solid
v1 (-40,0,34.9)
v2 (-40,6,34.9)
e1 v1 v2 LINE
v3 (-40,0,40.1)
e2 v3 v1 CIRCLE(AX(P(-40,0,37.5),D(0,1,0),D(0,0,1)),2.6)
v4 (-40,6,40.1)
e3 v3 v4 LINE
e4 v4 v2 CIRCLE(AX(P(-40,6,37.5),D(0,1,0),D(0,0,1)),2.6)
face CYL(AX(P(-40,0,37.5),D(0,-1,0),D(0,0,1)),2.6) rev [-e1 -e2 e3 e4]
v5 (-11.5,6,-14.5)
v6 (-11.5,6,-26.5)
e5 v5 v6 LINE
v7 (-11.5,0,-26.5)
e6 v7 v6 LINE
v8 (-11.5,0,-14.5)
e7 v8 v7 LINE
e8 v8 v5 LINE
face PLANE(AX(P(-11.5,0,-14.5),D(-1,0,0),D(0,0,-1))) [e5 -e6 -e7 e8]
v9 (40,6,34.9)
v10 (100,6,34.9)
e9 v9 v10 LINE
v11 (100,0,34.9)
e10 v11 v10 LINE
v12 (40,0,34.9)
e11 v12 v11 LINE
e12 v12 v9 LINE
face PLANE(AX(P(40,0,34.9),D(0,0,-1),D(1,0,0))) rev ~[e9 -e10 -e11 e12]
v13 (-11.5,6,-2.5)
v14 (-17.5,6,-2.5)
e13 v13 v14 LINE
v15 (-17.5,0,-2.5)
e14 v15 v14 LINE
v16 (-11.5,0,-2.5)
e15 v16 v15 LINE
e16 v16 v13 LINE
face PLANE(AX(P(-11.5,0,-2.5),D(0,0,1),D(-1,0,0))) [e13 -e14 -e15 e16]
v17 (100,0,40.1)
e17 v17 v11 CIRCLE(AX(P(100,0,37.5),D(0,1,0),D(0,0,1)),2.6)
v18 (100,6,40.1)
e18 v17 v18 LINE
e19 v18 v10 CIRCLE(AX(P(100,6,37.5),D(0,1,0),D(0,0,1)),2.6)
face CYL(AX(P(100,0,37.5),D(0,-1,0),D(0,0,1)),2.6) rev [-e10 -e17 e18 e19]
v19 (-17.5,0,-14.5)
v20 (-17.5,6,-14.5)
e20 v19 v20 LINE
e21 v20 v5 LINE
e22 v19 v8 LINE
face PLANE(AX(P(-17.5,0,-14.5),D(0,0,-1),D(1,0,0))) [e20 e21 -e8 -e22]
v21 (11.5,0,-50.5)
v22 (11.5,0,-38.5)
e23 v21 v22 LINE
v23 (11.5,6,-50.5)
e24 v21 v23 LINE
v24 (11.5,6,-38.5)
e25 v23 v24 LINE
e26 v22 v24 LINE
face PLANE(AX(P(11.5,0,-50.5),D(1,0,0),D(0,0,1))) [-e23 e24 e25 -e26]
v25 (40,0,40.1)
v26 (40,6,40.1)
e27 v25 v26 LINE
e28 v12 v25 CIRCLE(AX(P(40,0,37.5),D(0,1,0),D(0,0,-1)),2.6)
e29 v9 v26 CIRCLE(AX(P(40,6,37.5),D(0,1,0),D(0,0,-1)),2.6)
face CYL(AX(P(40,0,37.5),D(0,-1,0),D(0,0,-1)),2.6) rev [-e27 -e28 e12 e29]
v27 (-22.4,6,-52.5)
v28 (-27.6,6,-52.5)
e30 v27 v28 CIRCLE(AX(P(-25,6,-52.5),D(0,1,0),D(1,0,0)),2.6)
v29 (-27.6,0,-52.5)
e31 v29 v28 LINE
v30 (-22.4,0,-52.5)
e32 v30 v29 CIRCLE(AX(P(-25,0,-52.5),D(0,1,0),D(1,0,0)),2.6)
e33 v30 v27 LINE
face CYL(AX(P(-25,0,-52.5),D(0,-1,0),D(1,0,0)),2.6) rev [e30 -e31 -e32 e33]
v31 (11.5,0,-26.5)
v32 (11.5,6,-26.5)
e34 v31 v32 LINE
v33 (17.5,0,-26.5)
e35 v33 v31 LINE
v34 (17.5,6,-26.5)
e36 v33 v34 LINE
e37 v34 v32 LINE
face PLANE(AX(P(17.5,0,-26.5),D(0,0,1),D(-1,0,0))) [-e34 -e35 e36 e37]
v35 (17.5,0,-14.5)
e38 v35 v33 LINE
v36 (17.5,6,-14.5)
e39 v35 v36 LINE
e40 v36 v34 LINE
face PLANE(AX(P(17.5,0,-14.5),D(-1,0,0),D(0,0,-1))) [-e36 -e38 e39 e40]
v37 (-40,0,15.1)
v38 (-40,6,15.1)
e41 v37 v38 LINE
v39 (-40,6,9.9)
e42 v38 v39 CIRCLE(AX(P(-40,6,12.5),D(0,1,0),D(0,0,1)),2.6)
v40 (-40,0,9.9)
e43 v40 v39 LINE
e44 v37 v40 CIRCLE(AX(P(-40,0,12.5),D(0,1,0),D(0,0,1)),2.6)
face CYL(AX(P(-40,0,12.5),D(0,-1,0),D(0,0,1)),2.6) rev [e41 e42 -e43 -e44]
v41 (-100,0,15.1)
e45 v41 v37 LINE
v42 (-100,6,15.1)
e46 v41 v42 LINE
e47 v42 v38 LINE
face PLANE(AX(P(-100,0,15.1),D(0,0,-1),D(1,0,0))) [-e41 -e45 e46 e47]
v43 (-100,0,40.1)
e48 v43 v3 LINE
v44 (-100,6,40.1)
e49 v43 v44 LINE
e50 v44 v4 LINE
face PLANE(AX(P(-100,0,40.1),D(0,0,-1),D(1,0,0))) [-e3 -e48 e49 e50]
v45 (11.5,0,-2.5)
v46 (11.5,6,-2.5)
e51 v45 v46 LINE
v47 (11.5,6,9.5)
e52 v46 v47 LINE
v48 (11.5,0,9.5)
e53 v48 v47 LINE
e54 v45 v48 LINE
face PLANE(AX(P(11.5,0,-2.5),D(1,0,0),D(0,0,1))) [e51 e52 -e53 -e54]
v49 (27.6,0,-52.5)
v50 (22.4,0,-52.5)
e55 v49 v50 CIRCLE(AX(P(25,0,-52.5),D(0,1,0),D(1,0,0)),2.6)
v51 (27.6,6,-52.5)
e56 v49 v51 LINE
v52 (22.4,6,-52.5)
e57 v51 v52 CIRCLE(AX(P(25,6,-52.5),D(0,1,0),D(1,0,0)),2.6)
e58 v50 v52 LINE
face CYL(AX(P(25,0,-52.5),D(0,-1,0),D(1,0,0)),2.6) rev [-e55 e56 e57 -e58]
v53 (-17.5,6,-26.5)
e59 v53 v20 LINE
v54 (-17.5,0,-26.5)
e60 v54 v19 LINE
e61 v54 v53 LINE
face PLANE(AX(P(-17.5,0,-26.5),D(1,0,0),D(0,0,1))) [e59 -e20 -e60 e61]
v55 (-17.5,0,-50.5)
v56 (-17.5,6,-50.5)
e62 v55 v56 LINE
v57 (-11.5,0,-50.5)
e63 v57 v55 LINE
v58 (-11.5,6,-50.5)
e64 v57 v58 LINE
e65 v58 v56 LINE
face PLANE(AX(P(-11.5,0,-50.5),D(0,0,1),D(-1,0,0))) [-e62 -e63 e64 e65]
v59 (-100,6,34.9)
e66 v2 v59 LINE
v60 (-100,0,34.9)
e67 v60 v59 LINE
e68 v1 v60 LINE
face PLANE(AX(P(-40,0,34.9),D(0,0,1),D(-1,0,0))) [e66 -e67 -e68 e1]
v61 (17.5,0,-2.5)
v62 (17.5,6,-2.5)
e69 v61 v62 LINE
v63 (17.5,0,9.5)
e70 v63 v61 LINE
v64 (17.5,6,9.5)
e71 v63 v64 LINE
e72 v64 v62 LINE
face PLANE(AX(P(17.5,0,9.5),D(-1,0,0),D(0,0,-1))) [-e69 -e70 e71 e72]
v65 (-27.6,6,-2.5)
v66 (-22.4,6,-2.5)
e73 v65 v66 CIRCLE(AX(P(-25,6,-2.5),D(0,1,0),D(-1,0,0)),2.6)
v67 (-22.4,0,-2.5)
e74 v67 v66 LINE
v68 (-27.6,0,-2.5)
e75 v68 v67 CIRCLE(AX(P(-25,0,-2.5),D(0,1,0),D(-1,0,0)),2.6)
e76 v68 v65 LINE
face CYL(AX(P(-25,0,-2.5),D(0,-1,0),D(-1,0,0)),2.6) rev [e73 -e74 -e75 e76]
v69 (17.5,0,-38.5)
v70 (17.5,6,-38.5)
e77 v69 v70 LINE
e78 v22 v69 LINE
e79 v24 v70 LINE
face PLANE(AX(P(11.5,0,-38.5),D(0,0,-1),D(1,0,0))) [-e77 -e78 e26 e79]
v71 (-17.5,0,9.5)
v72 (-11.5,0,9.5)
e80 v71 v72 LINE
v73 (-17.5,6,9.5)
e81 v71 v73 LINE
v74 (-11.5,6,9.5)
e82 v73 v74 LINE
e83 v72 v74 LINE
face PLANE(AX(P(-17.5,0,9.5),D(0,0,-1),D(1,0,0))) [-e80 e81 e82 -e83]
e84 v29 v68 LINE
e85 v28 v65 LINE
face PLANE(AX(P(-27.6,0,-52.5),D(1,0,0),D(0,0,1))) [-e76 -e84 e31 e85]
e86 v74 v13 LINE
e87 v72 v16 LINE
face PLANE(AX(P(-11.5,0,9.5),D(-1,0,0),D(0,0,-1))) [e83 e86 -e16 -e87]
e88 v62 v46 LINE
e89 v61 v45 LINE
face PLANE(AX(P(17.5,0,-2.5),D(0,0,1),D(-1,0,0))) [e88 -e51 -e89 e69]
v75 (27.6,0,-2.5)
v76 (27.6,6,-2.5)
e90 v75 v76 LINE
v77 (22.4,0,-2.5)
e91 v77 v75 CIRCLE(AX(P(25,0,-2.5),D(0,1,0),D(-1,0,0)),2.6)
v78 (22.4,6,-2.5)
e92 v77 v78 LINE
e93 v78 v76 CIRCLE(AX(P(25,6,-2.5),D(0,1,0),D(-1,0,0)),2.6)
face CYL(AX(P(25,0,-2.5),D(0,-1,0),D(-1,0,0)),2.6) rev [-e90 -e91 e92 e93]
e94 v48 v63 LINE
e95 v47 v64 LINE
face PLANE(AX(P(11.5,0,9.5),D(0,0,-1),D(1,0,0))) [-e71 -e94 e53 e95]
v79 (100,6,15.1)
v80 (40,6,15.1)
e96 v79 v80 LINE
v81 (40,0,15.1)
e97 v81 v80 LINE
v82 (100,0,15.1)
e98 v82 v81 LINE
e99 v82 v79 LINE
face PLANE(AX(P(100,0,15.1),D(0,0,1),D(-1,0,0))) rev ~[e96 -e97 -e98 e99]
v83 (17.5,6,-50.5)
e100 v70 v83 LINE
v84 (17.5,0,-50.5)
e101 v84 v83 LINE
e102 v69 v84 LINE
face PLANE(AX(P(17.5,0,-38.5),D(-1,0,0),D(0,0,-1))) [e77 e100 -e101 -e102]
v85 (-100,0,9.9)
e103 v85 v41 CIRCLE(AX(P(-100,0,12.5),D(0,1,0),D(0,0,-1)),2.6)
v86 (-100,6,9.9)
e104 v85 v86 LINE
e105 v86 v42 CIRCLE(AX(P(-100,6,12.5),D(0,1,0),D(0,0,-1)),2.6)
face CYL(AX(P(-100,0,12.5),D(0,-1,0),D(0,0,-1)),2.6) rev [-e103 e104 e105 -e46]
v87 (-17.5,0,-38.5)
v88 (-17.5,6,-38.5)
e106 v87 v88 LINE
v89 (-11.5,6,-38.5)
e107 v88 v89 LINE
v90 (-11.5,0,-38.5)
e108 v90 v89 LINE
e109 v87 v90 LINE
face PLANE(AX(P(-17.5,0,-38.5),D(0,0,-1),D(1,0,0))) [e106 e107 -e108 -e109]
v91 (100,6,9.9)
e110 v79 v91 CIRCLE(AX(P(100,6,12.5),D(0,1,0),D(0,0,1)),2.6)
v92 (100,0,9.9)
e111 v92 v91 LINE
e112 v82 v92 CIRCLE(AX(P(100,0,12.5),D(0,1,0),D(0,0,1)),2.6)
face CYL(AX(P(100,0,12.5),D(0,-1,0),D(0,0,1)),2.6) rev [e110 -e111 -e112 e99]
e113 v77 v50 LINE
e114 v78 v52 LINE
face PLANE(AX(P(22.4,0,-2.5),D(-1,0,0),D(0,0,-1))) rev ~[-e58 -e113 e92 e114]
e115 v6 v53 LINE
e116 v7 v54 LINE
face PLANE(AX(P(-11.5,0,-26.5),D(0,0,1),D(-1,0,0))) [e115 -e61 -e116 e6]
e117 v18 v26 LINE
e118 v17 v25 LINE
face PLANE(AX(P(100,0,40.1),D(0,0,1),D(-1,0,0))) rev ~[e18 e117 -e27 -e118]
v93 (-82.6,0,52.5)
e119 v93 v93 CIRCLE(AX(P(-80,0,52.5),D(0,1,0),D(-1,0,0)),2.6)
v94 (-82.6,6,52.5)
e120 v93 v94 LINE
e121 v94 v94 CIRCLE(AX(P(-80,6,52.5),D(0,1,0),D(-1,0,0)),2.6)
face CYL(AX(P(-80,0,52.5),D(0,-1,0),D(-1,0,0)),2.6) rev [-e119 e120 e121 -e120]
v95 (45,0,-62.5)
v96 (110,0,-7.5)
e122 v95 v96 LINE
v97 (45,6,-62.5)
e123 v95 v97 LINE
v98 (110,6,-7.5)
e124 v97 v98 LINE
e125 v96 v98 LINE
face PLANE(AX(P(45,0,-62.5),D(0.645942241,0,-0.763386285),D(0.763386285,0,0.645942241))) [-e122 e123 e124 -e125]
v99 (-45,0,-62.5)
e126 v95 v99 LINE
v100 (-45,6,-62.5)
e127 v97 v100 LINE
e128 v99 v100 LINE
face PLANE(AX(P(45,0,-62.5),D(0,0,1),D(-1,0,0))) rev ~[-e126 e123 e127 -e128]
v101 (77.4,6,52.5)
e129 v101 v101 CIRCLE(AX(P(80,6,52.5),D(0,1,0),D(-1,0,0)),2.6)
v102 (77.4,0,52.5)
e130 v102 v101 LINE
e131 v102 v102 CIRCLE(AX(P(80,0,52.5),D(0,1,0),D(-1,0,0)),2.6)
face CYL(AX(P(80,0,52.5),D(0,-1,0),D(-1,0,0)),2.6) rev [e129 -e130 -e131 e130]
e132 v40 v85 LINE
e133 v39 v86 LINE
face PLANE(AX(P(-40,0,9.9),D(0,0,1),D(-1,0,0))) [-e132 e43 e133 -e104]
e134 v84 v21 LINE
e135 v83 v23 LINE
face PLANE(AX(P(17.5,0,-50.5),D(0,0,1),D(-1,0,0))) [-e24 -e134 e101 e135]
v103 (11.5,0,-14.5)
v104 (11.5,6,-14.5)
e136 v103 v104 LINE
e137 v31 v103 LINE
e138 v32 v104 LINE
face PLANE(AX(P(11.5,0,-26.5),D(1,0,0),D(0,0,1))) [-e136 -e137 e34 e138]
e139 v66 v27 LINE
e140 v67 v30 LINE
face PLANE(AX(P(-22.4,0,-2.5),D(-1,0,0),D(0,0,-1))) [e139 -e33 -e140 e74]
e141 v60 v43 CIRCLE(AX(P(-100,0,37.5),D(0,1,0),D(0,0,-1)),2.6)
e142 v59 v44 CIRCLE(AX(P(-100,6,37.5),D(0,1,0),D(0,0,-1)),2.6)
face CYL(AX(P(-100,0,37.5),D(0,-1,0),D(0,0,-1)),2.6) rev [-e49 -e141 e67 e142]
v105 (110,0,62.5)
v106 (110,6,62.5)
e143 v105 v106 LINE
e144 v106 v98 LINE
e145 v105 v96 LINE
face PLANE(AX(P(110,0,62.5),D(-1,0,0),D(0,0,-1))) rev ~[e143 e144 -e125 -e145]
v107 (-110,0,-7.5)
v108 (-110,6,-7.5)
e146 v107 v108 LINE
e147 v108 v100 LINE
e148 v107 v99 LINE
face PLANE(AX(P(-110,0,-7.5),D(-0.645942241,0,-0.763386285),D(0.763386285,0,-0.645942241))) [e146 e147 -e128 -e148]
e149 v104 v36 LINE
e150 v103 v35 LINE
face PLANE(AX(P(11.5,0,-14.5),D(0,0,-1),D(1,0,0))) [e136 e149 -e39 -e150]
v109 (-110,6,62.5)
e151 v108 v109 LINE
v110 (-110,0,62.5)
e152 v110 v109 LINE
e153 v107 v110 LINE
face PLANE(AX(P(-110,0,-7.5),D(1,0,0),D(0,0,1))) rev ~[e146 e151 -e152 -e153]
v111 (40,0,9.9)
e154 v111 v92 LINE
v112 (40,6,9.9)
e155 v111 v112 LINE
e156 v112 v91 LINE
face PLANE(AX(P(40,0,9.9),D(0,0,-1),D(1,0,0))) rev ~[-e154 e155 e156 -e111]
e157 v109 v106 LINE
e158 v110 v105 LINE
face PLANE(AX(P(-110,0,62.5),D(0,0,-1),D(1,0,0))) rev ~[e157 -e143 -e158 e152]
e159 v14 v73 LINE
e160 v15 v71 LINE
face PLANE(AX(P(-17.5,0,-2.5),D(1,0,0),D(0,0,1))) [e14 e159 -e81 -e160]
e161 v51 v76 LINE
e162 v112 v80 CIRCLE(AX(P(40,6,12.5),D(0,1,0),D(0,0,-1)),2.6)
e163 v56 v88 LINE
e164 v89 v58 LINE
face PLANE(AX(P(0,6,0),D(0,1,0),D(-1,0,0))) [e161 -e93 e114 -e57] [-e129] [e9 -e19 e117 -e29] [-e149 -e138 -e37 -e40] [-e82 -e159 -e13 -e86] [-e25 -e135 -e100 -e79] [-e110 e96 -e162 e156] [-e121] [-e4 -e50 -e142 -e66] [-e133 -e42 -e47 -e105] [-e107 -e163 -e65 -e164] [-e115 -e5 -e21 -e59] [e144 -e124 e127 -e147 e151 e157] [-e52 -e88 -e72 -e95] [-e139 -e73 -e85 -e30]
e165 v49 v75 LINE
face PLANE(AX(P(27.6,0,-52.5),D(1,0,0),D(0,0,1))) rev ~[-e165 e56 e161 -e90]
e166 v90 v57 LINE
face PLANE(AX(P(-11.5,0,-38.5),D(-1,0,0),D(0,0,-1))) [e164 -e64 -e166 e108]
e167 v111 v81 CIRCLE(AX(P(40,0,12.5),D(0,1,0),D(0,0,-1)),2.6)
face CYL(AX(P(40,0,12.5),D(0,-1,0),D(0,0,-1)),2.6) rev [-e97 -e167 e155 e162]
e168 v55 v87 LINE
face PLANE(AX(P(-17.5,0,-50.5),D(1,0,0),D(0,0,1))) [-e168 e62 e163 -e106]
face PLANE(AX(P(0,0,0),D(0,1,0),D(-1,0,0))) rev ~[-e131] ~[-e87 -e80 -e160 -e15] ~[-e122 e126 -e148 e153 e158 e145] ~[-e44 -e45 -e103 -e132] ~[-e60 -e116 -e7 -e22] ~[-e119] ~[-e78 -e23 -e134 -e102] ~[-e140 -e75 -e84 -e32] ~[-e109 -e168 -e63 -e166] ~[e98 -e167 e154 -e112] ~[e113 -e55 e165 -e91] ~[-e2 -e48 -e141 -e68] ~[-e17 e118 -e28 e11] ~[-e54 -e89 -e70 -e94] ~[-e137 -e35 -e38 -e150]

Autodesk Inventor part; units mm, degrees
ref_plane "YZ Plane" through (0, 0, 0) normal (1, 0, 0) x (0, 1, 0)
ref_plane "XZ Plane" through (0, 0, 0) normal (0, 1, 0) x (-1, 0, 0)
ref_plane "XY Plane" through (0, 0, 0) normal (0, 0, 1) x (1, 0, 0)
sketch "Sketch2" plane through (0, 0, 0) normal (0, 1, 0) x (-1, 0, 0)
  line L0 (110, 62.5) -> (-110, 62.5)
  line L1 (-110, 62.5) -> (-110, -62.5)
  line L2 (-110, -62.5) -> (110, -62.5)
  line L3 (110, -62.5) -> (110, 62.5)
  line L4 (110, 62.5) -> (-110, -62.5) construction
  line L5 (-110, 62.5) -> (110, -62.5) construction
  line L6 (11.5, -50.5) -> (17.5, -50.5)
  line L7 (17.5, -50.5) -> (17.5, -38.5)
  line L8 (17.5, -38.5) -> (11.5, -38.5)
  line L9 (11.5, -38.5) -> (11.5, -50.5)
  line L10 (11.5, -26.5) -> (17.5, -26.5)
  line L11 (17.5, -26.5) -> (17.5, -14.5)
  line L12 (17.5, -14.5) -> (11.5, -14.5)
  line L13 (11.5, -14.5) -> (11.5, -26.5)
  line L14 (11.5, -2.5) -> (17.5, -2.5)
  line L15 (17.5, -2.5) -> (17.5, 9.5)
  line L16 (17.5, 9.5) -> (11.5, 9.5)
  line L17 (11.5, 9.5) -> (11.5, -2.5)
  line L18 (-17.5, -50.5) -> (-11.5, -50.5)
  line L19 (-11.5, -50.5) -> (-11.5, -38.5)
  line L20 (-11.5, -38.5) -> (-17.5, -38.5)
  line L21 (-17.5, -38.5) -> (-17.5, -50.5)
  line L22 (-17.5, -26.5) -> (-11.5, -26.5)
  line L23 (-11.5, -26.5) -> (-11.5, -14.5)
  line L24 (-11.5, -14.5) -> (-17.5, -14.5)
  line L25 (-17.5, -14.5) -> (-17.5, -26.5)
  line L26 (-17.5, -2.5) -> (-11.5, -2.5)
  line L27 (-11.5, -2.5) -> (-11.5, 9.5)
  line L28 (-11.5, 9.5) -> (-17.5, 9.5)
  line L29 (-17.5, 9.5) -> (-17.5, -2.5)
  line L30 (0, 0) -> (0, -18.9718)
  line L31 (25, -2.5) -> (25, -52.5) construction
  line L32 (22.4, -2.5) -> (22.4, -52.5)
  line L33 (27.6, -52.5) -> (27.6, -2.5)
  arc A0 (27.6, -2.5) -> (22.4, -2.5) centre (25, -2.5) ccw
  arc A1 (22.4, -52.5) -> (27.6, -52.5) centre (25, -52.5) ccw
  line L34 (100, 12.5) -> (40, 12.5) construction
  line L35 (100, 15.1) -> (40, 15.1)
  line L36 (40, 9.9) -> (100, 9.9)
  arc A2 (100, 9.9) -> (100, 15.1) centre (100, 12.5) ccw
  arc A3 (40, 15.1) -> (40, 9.9) centre (40, 12.5) ccw
  line L37 (100, 37.5) -> (40, 37.5) construction
  line L38 (100, 40.1) -> (40, 40.1)
  line L39 (40, 34.9) -> (100, 34.9)
  arc A4 (100, 34.9) -> (100, 40.1) centre (100, 37.5) ccw
  arc A5 (40, 40.1) -> (40, 34.9) centre (40, 37.5) ccw
  line L40 (-25, -2.5) -> (-25, -52.5) construction
  line L41 (-22.4, -2.5) -> (-22.4, -52.5)
  line L42 (-27.6, -52.5) -> (-27.6, -2.5)
  arc A6 (-22.4, -2.5) -> (-27.6, -2.5) centre (-25, -2.5) ccw
  arc A7 (-27.6, -52.5) -> (-22.4, -52.5) centre (-25, -52.5) ccw
  line L43 (-100, 12.5) -> (-40, 12.5) construction
  line L44 (-100, 15.1) -> (-40, 15.1)
  line L45 (-40, 9.9) -> (-100, 9.9)
  arc A8 (-100, 15.1) -> (-100, 9.9) centre (-100, 12.5) ccw
  arc A9 (-40, 9.9) -> (-40, 15.1) centre (-40, 12.5) ccw
  line L46 (-100, 37.5) -> (-40, 37.5) construction
  line L47 (-100, 40.1) -> (-40, 40.1)
  line L48 (-40, 34.9) -> (-100, 34.9)
  arc A10 (-100, 40.1) -> (-100, 34.9) centre (-100, 37.5) ccw
  arc A11 (-40, 34.9) -> (-40, 40.1) centre (-40, 37.5) ccw
  circle A12 centre (80, 52.5) radius 2.6
  circle A13 centre (-80, 52.5) radius 2.6
  line L49 (110, -7.5) -> (45, -62.5)
  line L50 (-45, -62.5) -> (-110, -7.5)
  point P0 (25, -27.5)
  point P1 (70, 12.5)
  point P2 (70, 37.5)
  point P3 (-25, -27.5)
  point P4 (-70, 12.5)
  point P5 (-70, 37.5)
  dimension "d52" = 220
  dimension "d53" = 125
  dimension "d54" = 12
  dimension "d55" = 6
  dimension "d58" = 24
  dimension "d61" = 29
  dimension "d65" = 12
  dimension "d66" = 5.2
  dimension "d68" = 100
  dimension "d69" = 115
  dimension "d70" = 40
  dimension "d71" = 65
  dimension "d72" = 15
  dimension "d73" = 25
  dimension "d75" = 15
  dimension "d76" = 5.2
  dimension "d79" = 30
  dimension "d80" = 10
  dimension "d81" = 20
  dimension "d82" = 20
extrude "Extrusion2" add sketch "Sketch2" along normal blind 6 contours L3 L49 L2 L50 L1 L0
properties part number "phone_holder_back" material "Acrylic, Clear"
